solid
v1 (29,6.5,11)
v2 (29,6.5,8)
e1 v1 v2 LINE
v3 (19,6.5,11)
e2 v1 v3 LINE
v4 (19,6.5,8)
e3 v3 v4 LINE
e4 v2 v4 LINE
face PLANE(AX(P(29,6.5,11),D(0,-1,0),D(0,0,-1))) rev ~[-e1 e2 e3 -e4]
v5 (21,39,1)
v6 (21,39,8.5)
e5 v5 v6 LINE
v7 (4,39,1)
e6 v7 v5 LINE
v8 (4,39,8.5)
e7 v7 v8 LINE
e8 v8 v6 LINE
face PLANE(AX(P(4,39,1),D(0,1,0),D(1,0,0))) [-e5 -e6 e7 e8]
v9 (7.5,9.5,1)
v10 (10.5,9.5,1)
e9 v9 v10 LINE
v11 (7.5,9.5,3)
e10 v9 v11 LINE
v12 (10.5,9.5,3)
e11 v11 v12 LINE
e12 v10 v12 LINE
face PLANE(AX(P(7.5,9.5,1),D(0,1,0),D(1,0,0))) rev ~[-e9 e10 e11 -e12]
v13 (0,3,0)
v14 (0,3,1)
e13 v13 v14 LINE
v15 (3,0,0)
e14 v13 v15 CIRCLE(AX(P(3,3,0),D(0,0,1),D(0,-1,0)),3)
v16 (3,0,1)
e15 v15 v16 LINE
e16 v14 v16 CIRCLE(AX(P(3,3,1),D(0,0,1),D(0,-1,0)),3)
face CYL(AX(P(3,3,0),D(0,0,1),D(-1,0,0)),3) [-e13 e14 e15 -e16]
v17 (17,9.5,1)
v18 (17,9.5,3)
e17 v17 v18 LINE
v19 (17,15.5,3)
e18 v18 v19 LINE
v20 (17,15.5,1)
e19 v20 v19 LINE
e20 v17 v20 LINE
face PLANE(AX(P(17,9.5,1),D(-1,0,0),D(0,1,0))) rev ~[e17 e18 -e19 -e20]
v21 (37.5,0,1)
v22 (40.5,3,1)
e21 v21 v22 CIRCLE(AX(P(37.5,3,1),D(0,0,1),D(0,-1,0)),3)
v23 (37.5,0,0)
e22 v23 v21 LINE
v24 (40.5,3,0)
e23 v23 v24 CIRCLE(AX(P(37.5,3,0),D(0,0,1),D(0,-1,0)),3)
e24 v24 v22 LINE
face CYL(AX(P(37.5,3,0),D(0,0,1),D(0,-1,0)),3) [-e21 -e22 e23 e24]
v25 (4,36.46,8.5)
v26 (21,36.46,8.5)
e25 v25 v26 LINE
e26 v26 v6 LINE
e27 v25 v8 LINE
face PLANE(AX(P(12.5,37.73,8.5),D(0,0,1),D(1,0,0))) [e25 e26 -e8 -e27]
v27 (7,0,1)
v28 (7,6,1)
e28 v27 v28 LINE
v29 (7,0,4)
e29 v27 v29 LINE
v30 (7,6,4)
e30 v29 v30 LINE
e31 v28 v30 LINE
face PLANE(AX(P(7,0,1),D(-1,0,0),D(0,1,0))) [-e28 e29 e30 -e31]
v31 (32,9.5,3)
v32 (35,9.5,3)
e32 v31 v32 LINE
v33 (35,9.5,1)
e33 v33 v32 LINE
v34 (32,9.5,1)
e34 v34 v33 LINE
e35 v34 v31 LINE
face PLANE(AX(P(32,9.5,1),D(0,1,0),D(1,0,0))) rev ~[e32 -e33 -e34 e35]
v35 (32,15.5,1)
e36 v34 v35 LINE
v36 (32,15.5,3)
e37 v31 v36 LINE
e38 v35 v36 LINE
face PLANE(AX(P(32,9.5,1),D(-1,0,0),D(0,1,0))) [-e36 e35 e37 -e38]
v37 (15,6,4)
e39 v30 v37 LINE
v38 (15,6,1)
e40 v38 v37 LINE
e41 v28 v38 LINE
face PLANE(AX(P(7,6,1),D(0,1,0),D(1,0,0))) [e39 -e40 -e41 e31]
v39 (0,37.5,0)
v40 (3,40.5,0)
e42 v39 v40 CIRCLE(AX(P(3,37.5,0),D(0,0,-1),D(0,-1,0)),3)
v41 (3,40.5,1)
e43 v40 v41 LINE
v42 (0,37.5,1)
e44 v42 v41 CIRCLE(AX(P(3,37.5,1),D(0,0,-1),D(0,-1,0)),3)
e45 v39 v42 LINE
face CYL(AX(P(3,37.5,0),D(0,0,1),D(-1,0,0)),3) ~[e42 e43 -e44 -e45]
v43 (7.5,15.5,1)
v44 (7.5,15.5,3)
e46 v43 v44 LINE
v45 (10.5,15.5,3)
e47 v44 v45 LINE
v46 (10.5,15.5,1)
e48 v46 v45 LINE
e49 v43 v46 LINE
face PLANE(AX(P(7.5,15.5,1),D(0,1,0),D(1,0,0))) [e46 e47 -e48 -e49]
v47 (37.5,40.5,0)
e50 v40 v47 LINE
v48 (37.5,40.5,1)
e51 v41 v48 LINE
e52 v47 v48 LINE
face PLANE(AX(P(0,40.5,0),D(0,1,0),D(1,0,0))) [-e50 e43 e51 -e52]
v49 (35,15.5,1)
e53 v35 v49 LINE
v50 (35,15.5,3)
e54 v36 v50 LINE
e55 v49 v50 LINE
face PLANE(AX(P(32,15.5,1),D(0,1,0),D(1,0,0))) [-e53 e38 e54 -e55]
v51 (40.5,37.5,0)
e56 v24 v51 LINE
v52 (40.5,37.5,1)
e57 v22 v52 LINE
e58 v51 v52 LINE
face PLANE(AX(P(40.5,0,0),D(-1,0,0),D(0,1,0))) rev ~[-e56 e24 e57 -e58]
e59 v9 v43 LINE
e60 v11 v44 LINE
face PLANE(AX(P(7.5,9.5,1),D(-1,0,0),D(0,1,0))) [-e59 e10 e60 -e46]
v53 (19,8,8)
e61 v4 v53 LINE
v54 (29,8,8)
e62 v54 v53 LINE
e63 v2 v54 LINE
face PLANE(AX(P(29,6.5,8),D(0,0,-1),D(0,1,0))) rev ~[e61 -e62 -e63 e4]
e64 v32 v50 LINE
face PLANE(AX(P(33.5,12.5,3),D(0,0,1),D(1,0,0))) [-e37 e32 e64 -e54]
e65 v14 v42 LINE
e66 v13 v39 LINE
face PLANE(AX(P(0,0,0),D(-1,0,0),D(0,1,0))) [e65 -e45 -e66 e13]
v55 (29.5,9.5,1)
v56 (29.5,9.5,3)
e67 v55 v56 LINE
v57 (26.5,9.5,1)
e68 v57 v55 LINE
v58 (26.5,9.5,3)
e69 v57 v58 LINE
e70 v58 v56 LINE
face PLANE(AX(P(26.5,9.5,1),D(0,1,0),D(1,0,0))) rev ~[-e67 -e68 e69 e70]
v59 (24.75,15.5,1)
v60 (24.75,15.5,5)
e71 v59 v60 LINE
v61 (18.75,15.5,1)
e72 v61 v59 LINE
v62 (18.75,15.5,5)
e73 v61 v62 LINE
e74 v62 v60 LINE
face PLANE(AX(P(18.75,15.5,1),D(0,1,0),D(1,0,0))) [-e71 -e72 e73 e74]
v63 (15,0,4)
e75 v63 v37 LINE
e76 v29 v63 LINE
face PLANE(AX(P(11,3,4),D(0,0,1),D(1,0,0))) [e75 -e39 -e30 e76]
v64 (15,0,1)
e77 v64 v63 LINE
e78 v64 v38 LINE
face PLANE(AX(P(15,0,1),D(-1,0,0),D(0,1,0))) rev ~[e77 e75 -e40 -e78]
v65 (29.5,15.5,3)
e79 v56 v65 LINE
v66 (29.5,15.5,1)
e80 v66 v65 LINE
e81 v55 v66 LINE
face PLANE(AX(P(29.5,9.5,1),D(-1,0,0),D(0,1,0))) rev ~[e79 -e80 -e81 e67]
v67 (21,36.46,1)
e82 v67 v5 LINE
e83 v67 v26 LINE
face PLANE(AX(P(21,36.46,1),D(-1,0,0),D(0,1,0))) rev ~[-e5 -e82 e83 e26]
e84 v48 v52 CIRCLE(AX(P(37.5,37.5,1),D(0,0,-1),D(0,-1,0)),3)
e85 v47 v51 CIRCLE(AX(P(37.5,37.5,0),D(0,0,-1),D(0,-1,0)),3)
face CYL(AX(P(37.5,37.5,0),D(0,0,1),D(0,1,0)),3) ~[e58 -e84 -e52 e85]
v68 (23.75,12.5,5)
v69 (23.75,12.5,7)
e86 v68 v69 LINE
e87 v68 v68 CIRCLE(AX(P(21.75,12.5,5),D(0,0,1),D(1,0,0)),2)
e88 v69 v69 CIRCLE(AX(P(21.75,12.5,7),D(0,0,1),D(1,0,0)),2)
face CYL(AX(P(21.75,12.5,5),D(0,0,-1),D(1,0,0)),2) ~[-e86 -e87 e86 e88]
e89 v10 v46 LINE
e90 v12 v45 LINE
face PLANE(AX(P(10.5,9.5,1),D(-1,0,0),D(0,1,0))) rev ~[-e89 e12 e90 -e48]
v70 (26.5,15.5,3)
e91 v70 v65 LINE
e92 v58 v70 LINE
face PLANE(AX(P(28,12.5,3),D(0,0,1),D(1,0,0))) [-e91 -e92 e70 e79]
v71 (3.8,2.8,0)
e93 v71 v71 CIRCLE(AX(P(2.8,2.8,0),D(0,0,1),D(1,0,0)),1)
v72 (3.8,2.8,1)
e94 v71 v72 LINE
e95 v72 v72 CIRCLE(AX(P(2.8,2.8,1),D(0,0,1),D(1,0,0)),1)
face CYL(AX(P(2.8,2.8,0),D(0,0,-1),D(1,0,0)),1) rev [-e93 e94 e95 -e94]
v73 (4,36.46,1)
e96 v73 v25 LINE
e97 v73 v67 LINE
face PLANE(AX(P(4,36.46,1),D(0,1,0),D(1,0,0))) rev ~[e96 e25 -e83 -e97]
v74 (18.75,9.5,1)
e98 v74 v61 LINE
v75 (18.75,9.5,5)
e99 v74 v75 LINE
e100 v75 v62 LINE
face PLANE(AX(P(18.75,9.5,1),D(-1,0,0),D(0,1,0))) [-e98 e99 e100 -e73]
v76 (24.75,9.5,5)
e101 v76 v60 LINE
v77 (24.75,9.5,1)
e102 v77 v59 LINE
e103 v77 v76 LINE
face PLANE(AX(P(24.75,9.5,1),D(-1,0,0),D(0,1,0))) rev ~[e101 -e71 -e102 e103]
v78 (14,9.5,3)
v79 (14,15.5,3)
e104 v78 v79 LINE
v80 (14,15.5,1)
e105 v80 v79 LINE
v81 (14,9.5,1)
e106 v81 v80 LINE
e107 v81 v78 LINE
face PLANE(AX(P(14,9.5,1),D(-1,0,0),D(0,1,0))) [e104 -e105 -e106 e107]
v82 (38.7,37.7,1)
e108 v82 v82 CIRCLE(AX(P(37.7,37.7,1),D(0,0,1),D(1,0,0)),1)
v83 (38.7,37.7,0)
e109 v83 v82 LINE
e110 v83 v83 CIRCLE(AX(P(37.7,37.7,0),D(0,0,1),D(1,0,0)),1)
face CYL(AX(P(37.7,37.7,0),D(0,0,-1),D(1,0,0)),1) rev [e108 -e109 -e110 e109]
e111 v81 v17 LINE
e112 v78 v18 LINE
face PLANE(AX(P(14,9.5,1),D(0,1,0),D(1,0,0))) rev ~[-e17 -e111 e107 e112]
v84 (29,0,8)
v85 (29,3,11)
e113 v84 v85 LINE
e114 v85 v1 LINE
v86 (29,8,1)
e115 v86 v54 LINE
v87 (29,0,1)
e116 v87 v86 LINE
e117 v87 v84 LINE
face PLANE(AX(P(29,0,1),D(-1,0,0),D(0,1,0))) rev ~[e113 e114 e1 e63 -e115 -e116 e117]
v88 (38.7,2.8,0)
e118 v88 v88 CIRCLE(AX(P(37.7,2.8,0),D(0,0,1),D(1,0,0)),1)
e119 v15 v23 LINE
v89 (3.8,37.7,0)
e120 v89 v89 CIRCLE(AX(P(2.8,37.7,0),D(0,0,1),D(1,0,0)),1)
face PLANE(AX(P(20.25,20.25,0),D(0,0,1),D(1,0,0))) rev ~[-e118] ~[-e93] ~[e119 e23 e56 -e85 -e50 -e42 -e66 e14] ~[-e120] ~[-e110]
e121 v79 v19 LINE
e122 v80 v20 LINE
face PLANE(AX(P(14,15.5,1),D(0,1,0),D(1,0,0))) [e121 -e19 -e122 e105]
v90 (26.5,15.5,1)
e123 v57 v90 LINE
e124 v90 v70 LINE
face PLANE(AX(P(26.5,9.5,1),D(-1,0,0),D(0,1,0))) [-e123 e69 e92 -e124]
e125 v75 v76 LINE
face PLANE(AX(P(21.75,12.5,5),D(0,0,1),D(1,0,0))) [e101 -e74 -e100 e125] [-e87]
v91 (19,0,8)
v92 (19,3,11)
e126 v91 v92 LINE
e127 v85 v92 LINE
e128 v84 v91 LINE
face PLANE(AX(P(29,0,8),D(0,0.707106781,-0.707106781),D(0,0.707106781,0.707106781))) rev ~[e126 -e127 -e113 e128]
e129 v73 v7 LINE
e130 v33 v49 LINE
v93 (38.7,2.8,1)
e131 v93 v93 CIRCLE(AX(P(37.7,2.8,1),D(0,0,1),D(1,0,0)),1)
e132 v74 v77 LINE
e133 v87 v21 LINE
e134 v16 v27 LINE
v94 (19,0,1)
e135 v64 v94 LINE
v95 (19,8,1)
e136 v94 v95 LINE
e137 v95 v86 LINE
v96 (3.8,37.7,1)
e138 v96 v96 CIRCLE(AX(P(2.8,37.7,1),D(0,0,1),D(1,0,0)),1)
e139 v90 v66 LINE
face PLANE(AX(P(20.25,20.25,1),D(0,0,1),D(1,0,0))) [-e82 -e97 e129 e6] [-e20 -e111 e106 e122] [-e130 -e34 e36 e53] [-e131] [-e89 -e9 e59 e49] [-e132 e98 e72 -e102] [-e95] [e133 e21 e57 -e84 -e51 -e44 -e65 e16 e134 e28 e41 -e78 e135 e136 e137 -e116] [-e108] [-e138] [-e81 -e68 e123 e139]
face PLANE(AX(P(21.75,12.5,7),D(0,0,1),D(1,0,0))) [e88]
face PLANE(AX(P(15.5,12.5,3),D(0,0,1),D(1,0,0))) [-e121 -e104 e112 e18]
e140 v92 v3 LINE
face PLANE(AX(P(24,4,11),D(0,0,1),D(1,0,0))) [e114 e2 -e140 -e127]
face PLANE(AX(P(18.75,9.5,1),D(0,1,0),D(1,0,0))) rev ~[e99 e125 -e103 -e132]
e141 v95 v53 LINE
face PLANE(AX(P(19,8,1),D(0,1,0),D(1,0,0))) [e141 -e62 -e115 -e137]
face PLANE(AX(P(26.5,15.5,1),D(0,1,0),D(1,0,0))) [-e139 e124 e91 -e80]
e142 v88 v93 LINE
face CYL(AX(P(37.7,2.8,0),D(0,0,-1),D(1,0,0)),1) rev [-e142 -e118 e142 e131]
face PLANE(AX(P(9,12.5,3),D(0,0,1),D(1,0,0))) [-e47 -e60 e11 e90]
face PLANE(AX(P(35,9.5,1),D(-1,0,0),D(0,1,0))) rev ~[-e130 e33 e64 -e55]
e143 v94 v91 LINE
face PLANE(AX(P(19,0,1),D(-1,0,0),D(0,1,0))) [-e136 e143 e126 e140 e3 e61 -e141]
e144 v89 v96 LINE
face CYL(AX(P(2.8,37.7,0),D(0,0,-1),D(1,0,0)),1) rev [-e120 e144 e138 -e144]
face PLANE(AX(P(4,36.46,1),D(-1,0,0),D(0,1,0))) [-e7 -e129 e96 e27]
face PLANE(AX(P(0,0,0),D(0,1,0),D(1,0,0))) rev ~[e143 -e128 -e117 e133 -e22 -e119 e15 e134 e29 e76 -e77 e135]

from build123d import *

# Parameters (mm, degrees)
ESQUISSE1_W             = 40.5
ESQUISSE1_H             = 40.5
ESQUISSE1_R             = 1
BOSS_EXTRU_1_DEPTH      = 1
CONG_1_R                = 3
ESQUISSE2_W             = 10
ESQUISSE2_H             = 8
BOSS_EXTRU_2_DEPTH      = 10
ESQUISSE3_W             = 3
ESQUISSE3_H             = 1.5
ENL_V_MAT_EXTRU_1_DEPTH = 10
ESQUISSE4_W             = 8
ESQUISSE4_H             = 6
BOSS_EXTRU_3_DEPTH      = 3
ESQUISSE5_W             = 3
ESQUISSE5_H             = 6
BOSS_EXTRU_4_DEPTH      = 2
ESQUISSE6_W             = 6
ESQUISSE6_H             = 6
BOSS_EXTRU_5_DEPTH      = 4
ESQUISSE7_R             = 2
BOSS_EXTRU_6_DEPTH      = 2
ESQUISSE8_W             = 17
ESQUISSE8_H             = 2.54
BOSS_EXTRU_7_DEPTH      = 7.5


with BuildPart() as part:
    # Esquisse1 → Boss.-Extru.1 (new body)
    with BuildSketch(Plane.XY):
        with Locations((20.25, 20.25)):
            Rectangle(ESQUISSE1_W, ESQUISSE1_H)
        with Locations((37.7, 37.7)):
            Circle(ESQUISSE1_R, mode=Mode.SUBTRACT)
        with Locations((37.7, 2.8)):
            Circle(ESQUISSE1_R, mode=Mode.SUBTRACT)
        with Locations((2.8, 2.8)):
            Circle(ESQUISSE1_R, mode=Mode.SUBTRACT)
        with Locations((2.8, 37.7)):
            Circle(ESQUISSE1_R, mode=Mode.SUBTRACT)
    extrude(amount=BOSS_EXTRU_1_DEPTH)

    # Congé1
    cong_1_edges = [part.edges().sort_by_distance(p)[0] for p in [
        (0, 40.5, 0.5),
        (40.5, 40.5, 0.5),
        (40.5, 0, 0.5),
        (0, 0, 0.5),
    ]]
    fillet(cong_1_edges, radius=CONG_1_R)

    # Esquisse2 → Boss.-Extru.2 (add)
    with BuildSketch(Plane.XY.offset(1)):
        with Locations((24, 4)):
            Rectangle(ESQUISSE2_W, ESQUISSE2_H)
    extrude(amount=BOSS_EXTRU_2_DEPTH)

    # Esquisse3 → Enlèv. mat.-Extru.1 (cut)
    with BuildSketch(Plane(origin=(29, 0, 0), x_dir=(0, 0, -1), z_dir=(1, 0, 0))):
        Polygon((-8, 0), (-11, 3), (-11, 0), align=None)
        with Locations((-9.5, 7.25)):
            Rectangle(ESQUISSE3_W, ESQUISSE3_H)
    extrude(amount=-ENL_V_MAT_EXTRU_1_DEPTH, mode=Mode.SUBTRACT)

    # Esquisse4 → Boss.-Extru.3 (add)
    with BuildSketch(Plane.XY.offset(1)):
        with Locations((11, 3)):
            Rectangle(ESQUISSE4_W, ESQUISSE4_H)
    extrude(amount=BOSS_EXTRU_3_DEPTH)

    # Esquisse5 → Boss.-Extru.4 (add)
    with BuildSketch(Plane.XY.offset(1)):
        with Locations((9, 12.5)):
            Rectangle(ESQUISSE5_W, ESQUISSE5_H)
        with Locations((15.5, 12.5)):
            Rectangle(ESQUISSE5_W, ESQUISSE5_H)
        with Locations((28, 12.5)):
            Rectangle(ESQUISSE5_W, ESQUISSE5_H)
        with Locations((33.5, 12.5)):
            Rectangle(ESQUISSE5_W, ESQUISSE5_H)
    extrude(amount=BOSS_EXTRU_4_DEPTH)

    # Esquisse6 → Boss.-Extru.5 (add)
    with BuildSketch(Plane.XY.offset(1)):
        with Locations((21.75, 12.5)):
            Rectangle(ESQUISSE6_W, ESQUISSE6_H)
    extrude(amount=BOSS_EXTRU_5_DEPTH)

    # Esquisse7 → Boss.-Extru.6 (add)
    with BuildSketch(Plane.XY.offset(5)):
        with Locations((21.75, 12.5)):
            Circle(ESQUISSE7_R)
    extrude(amount=BOSS_EXTRU_6_DEPTH)

    # Esquisse8 → Boss.-Extru.7 (add)
    with BuildSketch(Plane.XY.offset(1)):
        with Locations((12.5, 37.73)):
            Rectangle(ESQUISSE8_W, ESQUISSE8_H)
    extrude(amount=BOSS_EXTRU_7_DEPTH)


solid = part.part
